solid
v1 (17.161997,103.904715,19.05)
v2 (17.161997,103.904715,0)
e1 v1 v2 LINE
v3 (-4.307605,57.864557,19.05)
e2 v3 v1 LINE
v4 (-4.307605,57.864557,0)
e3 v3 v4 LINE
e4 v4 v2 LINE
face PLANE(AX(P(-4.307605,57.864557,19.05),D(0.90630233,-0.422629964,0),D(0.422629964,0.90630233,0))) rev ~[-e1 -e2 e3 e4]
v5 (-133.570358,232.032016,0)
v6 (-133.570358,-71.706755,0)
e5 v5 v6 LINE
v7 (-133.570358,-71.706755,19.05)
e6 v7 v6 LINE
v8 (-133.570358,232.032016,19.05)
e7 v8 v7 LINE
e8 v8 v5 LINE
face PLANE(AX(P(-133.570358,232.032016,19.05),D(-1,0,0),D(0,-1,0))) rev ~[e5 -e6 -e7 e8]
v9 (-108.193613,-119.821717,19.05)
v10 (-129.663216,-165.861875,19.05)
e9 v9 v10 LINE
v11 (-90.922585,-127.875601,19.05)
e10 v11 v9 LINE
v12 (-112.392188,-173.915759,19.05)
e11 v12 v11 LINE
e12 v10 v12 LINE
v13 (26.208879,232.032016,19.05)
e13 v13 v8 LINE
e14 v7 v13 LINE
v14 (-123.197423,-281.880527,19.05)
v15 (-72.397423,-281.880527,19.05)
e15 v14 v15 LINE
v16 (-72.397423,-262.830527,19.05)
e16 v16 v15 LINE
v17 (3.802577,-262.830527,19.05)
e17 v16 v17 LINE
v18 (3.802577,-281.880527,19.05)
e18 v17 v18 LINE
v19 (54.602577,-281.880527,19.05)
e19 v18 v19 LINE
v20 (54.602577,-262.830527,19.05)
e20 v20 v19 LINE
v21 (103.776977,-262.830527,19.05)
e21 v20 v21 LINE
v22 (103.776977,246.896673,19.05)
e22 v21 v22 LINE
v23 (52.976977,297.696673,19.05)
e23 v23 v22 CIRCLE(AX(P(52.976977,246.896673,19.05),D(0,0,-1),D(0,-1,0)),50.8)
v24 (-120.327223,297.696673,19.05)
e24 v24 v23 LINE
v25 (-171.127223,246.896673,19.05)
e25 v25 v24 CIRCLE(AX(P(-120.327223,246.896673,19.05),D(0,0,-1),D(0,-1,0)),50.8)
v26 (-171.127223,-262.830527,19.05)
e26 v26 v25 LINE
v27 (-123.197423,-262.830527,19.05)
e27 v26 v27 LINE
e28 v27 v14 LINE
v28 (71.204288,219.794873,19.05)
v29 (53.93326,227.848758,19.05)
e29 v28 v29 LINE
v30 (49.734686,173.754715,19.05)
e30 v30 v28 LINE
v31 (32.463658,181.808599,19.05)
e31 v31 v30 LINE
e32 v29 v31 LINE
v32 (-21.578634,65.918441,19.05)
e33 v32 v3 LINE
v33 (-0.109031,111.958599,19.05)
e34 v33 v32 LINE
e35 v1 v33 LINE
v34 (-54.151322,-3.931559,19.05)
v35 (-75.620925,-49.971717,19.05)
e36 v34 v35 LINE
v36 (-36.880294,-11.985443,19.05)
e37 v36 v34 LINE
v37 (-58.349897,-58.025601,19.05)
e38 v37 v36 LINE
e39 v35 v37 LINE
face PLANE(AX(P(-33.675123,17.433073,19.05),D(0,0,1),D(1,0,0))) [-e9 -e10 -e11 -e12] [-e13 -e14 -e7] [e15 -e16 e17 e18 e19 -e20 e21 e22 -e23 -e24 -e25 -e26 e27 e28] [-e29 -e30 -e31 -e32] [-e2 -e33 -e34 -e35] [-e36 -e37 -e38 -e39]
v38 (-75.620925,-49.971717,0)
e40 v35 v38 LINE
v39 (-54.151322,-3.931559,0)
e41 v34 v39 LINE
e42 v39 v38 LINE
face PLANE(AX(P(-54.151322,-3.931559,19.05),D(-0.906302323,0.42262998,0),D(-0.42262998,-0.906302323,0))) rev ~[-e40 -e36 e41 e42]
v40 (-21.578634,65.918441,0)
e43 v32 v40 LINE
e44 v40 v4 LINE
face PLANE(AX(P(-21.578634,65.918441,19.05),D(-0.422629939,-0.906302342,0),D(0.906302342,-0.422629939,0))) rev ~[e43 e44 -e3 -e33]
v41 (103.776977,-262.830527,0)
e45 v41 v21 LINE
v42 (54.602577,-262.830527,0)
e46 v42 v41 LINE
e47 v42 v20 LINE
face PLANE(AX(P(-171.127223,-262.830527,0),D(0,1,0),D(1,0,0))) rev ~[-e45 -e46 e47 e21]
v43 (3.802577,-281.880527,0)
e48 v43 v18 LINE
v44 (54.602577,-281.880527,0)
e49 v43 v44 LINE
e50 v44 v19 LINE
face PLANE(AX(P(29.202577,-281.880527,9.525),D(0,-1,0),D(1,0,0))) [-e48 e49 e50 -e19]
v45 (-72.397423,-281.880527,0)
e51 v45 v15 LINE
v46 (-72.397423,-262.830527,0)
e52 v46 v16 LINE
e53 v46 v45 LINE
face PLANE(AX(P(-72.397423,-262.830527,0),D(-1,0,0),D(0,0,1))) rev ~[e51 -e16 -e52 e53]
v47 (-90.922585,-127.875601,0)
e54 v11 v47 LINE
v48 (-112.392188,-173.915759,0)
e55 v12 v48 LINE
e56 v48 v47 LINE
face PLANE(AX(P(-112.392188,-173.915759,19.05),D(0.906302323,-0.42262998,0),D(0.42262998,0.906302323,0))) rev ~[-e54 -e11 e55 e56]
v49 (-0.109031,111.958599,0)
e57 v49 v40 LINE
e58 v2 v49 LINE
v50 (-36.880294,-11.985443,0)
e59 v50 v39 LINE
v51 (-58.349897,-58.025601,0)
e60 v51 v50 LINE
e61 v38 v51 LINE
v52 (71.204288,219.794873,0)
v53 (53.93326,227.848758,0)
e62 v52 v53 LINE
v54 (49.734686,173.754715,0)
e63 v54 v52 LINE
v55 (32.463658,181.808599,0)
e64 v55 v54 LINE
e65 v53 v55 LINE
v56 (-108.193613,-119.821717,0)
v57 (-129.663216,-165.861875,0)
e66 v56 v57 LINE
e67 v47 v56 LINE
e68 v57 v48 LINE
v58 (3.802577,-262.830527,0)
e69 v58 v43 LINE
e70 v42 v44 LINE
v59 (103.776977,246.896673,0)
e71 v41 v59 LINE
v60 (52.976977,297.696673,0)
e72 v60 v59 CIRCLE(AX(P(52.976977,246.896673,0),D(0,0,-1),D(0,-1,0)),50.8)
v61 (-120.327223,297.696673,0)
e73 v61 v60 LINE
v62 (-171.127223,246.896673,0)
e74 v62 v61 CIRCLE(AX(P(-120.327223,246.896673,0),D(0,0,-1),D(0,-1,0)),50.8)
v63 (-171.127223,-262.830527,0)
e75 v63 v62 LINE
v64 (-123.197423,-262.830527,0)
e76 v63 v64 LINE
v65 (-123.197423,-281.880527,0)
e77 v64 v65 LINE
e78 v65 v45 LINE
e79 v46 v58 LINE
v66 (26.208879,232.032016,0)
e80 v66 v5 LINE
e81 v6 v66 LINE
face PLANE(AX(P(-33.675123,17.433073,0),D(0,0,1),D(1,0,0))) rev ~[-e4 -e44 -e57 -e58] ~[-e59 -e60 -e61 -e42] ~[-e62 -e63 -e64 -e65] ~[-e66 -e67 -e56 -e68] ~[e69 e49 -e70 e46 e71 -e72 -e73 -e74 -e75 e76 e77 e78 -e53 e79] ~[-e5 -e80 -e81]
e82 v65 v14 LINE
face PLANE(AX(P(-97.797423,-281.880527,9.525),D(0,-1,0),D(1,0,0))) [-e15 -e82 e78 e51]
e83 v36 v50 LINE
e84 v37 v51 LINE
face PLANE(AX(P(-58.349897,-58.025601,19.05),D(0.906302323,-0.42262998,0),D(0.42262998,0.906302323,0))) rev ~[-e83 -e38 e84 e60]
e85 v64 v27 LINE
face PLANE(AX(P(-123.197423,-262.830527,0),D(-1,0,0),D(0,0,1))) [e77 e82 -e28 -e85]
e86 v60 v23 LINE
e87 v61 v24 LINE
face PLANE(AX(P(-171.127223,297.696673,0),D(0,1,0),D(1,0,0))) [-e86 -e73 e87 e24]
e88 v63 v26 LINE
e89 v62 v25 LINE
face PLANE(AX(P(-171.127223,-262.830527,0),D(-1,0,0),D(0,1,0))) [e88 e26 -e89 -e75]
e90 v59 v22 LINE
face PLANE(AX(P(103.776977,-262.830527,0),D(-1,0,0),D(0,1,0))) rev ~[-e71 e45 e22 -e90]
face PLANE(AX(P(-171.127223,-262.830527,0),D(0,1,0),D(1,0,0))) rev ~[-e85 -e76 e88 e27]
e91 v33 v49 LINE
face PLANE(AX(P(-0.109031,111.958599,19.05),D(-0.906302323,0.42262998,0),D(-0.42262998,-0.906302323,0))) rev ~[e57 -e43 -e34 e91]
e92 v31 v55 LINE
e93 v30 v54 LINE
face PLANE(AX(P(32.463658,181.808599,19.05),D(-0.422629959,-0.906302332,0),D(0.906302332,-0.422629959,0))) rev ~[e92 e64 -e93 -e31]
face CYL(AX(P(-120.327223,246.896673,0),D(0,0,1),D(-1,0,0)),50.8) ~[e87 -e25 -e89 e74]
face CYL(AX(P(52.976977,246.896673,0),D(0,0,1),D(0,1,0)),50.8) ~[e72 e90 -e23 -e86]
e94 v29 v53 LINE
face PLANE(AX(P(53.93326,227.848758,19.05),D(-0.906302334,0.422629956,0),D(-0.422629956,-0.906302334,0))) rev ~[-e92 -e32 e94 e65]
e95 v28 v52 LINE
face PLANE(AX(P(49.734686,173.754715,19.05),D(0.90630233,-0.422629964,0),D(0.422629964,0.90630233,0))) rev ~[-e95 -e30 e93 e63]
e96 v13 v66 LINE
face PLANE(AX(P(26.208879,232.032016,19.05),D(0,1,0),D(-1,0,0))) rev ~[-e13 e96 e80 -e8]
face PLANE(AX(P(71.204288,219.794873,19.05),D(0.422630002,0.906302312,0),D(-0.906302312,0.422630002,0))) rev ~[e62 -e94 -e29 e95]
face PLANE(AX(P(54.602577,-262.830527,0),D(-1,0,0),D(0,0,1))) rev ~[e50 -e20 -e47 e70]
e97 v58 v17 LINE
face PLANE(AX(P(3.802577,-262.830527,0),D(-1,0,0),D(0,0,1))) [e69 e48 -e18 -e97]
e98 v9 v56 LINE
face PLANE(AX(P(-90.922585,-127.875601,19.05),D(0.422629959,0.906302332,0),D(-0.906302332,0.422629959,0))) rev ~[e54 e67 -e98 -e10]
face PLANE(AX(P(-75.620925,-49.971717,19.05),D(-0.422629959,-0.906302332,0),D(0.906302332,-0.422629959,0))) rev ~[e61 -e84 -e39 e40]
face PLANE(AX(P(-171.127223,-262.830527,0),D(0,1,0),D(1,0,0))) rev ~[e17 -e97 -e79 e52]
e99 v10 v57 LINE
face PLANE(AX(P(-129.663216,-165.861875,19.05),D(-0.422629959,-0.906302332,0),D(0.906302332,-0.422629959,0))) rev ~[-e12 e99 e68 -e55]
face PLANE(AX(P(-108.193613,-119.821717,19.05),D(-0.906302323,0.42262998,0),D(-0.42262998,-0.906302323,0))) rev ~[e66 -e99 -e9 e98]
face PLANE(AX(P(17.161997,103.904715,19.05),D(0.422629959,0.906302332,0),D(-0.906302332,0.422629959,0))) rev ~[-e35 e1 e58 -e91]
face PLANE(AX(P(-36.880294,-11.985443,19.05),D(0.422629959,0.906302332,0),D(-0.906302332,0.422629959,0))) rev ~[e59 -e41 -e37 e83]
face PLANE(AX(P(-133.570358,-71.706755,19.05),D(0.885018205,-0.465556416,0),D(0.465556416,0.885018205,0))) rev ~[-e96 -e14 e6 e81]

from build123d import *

# Parameters (mm, degrees)
F0_W     = 274.9042
F0_H     = 560.5272
F1_DEPTH = 19.05
F3_DEPTH = 25.4
F4_W     = 50.8
F4_H     = 19.05
F5_DEPTH = 19.05
F7_DEPTH = 19.05
F8_R     = 50.8


with BuildPart() as f1:
    # F0 (on Top) → F1 (new body)
    with BuildSketch(Plane.XY):
        with Locations((-33.675123, 17.433073)):
            Rectangle(F0_W, F0_H)
    extrude(amount=F1_DEPTH)

    # F2 (on face) → F3 (cut)
    with BuildSketch(Plane.XY.offset(19.05)):
        Polygon((49.734686, 173.754715), (71.204288, 219.794873), (53.93326, 227.848758), (32.463658, 181.808599), align=None)
        Polygon((-21.578634, 65.918441), (-4.307605, 57.864557), (17.161997, 103.904715), (-0.109031, 111.958599), align=None)
        Polygon((-75.620925, -49.971717), (-58.349897, -58.025601), (-36.880294, -11.985443), (-54.151322, -3.931559), align=None)
        Polygon((-129.663216, -165.861875), (-112.392188, -173.915759), (-90.922585, -127.875601), (-108.193613, -119.821717), align=None)
    extrude(amount=-F3_DEPTH, mode=Mode.SUBTRACT)

    # F4 (on face) → F5 (join)
    with BuildSketch(Plane.XZ.offset(262.830527)):
        with Locations((-97.797423, 9.525)):
            Rectangle(F4_W, F4_H)
        with Locations((29.202577, 9.525)):
            Rectangle(F4_W, F4_H)
    extrude(amount=F5_DEPTH)

    # F6 (on face) → F7 (cut)
    with BuildSketch(Plane.XY.offset(19.05)):
        Polygon((-133.570358, -71.706755), (26.208879, 232.032016), (-133.570358, 232.032016), align=None)
    extrude(amount=-F7_DEPTH, mode=Mode.SUBTRACT)

    # F8
    f8_edges = [f1.edges().sort_by_distance(p)[0] for p in [
        (-171.127223, 297.696673, 9.525),
        (103.776977, 297.696673, 9.525),
    ]]
    fillet(f8_edges, radius=F8_R)


solid = f1.part
